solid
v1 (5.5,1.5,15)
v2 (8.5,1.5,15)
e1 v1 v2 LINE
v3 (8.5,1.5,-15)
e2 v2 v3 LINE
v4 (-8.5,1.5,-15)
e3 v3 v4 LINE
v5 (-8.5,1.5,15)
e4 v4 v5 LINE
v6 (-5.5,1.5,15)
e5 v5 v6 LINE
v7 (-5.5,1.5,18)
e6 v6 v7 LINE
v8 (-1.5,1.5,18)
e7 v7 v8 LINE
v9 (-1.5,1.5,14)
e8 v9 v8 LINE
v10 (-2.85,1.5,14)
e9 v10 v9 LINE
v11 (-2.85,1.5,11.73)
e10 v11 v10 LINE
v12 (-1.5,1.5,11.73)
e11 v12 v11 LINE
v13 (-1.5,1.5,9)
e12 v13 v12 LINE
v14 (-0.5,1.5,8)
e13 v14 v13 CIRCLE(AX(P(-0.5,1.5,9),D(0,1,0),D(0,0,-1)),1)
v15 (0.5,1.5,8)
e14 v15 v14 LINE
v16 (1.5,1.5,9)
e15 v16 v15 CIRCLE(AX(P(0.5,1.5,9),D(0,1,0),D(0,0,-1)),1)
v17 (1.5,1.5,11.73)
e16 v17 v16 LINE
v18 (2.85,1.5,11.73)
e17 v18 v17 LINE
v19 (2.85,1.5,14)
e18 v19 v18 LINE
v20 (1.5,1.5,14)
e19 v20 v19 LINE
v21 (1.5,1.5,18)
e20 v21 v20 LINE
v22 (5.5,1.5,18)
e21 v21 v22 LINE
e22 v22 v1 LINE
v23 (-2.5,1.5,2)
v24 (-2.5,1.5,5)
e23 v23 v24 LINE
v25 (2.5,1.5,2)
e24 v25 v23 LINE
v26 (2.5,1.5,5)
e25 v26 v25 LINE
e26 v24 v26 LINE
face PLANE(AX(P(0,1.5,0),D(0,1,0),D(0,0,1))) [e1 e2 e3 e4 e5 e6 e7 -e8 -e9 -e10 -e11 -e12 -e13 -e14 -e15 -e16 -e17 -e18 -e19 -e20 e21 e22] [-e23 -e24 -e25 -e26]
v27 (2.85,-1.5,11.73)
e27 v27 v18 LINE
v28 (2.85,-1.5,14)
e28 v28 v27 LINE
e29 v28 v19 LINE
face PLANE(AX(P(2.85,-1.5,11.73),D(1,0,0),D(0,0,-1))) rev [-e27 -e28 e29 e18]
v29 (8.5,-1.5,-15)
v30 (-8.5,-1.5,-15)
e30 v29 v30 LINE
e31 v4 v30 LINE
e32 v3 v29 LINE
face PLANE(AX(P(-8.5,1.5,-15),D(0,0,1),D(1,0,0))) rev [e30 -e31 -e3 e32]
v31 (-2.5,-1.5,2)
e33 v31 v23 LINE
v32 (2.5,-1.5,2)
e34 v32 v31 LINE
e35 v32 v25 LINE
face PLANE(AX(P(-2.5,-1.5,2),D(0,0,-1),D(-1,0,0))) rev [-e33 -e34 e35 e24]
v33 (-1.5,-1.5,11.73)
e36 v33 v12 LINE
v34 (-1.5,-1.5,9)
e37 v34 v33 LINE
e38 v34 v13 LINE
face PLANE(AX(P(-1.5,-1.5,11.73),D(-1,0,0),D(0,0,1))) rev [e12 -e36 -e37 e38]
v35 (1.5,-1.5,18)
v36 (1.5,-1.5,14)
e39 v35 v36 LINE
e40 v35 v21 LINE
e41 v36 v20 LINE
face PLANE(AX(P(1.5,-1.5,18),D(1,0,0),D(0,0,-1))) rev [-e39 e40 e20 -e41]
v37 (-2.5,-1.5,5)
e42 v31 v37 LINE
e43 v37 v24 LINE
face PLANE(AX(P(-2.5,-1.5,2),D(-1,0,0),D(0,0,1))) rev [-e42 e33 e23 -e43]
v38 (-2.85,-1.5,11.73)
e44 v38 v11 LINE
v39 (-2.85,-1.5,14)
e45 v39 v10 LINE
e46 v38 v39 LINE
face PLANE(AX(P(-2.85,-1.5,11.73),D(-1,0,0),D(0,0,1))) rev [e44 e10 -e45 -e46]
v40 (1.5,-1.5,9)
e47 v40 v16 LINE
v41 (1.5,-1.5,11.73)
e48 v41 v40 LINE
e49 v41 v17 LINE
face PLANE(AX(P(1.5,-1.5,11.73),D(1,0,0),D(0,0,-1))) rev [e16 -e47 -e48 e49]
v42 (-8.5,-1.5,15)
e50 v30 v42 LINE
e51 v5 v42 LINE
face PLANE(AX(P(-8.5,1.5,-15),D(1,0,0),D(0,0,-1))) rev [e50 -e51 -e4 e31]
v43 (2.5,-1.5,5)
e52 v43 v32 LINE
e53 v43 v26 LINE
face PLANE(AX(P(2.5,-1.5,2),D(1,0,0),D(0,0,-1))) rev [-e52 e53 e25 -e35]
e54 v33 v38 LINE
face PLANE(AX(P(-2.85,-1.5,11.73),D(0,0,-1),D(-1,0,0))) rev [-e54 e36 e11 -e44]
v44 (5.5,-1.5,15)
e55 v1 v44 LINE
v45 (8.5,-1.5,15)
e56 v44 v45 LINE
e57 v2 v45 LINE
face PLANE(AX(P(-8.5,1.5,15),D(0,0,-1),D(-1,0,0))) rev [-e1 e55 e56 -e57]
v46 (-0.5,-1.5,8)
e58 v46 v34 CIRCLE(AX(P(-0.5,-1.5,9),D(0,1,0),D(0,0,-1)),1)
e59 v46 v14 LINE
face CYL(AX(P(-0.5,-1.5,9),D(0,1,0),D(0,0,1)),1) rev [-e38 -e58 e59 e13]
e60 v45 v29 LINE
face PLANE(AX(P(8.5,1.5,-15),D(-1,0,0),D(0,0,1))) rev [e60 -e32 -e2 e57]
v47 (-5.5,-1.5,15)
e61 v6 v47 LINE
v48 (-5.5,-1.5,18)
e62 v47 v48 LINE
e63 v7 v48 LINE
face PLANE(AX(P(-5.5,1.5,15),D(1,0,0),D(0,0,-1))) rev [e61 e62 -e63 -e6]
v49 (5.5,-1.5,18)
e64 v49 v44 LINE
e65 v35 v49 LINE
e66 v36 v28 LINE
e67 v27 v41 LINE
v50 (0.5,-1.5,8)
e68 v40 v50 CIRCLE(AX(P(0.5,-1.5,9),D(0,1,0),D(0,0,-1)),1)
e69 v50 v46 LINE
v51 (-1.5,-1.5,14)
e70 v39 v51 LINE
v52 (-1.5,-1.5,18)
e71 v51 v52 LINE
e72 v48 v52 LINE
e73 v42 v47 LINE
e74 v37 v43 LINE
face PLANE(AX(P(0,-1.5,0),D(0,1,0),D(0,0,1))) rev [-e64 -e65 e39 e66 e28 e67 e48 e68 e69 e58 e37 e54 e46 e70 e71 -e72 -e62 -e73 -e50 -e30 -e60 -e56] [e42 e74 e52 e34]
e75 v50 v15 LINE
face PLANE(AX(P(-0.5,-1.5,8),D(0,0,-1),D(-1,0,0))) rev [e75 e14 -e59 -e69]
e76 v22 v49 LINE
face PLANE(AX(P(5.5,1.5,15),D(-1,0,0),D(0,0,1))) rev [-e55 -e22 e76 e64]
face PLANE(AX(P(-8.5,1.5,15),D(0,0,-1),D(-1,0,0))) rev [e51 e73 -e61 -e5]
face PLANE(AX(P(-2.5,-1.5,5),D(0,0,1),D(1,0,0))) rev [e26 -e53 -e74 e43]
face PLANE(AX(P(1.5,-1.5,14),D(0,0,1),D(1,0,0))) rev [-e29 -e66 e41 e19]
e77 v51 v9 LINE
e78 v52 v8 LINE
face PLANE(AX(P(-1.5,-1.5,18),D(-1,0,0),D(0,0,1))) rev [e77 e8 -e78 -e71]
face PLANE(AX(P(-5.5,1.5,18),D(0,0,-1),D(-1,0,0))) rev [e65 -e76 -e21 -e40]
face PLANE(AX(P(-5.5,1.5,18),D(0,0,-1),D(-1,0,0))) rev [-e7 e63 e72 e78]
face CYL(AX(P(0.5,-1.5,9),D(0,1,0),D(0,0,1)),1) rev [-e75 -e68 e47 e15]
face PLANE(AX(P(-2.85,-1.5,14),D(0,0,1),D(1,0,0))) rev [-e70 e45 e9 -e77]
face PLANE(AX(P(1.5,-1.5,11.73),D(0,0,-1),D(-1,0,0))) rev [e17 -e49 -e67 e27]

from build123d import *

# Parameters (mm, degrees)
SKETCH1_W               = 17
SKETCH1_H               = 30
BOSS_EXTRUDE1_DEPTH     = 1.5
SKETCH2_W               = 11
SKETCH2_H               = 3
BOSS_EXTRUDE2_DEPTH     = 1.5
CUT_EXTRUDE1_DEPTH      = 20.962464778
CUT_EXTRUDE1_DEPTH_BACK = 20.962464778
SKETCH3_W               = 5
SKETCH3_H               = 3
CUT_EXTRUDE2_DEPTH      = 20.962464778
CUT_EXTRUDE2_DEPTH_BACK = 20.962464778


with BuildPart() as part:
    # Sketch1 → Boss-Extrude1 (new, symmetric)
    with BuildSketch(Plane(origin=(0, 0, 0), x_dir=(1, 0, 0), z_dir=(0, 1, 0))):
        Rectangle(SKETCH1_W, SKETCH1_H)
    extrude(amount=BOSS_EXTRUDE1_DEPTH, both=True)

    # Sketch2 → Boss-Extrude2 (add, symmetric)
    with BuildSketch(Plane(origin=(0, 0, 0), x_dir=(1, 0, 0), z_dir=(0, 1, 0))):
        with Locations((0, -16.5)):
            Rectangle(SKETCH2_W, SKETCH2_H)
    extrude(amount=BOSS_EXTRUDE2_DEPTH, both=True)

    # Sketch3 → Cut-Extrude1 (cut, two sides: drawn at the far end of the back side and taken through both)
    with BuildSketch(Plane(origin=(0, 0, 0), x_dir=(1, 0, 0), z_dir=(0, 1, 0)).offset(-CUT_EXTRUDE1_DEPTH_BACK)):
        with Locations((0, -3.5)):
            Rectangle(SKETCH3_W, SKETCH3_H)
    extrude(amount=CUT_EXTRUDE1_DEPTH + CUT_EXTRUDE1_DEPTH_BACK, mode=Mode.SUBTRACT)

    # Sketch4 → Cut-Extrude2 (cut, two sides: drawn at the far end of the back side and taken through both)
    with BuildSketch(Plane(origin=(0, 0, 0), x_dir=(1, 0, 0), z_dir=(0, 1, 0)).offset(-CUT_EXTRUDE2_DEPTH_BACK)):
        with BuildLine():
            Line((-1.5, -18), (1.5, -18))
            Line((1.5, -18), (1.5, -14))
            Line((1.5, -14), (2.85, -14))
            Line((2.85, -14), (2.85, -11.73))
            Line((2.85, -11.73), (1.5, -11.73))
            Line((1.5, -11.73), (1.5, -9))
            ThreePointArc((1.5, -9), (1.207106781, -8.292893219), (0.5, -8))
            Line((0.5, -8), (-0.5, -8))
            ThreePointArc((-0.5, -8), (-1.207106781, -8.292893219), (-1.5, -9))
            Line((-1.5, -9), (-1.5, -11.73))
            Line((-1.5, -11.73), (-2.85, -11.73))
            Line((-2.85, -11.73), (-2.85, -14))
            Line((-2.85, -14), (-1.5, -14))
            Line((-1.5, -14), (-1.5, -18))
        make_face()
    extrude(amount=CUT_EXTRUDE2_DEPTH + CUT_EXTRUDE2_DEPTH_BACK, mode=Mode.SUBTRACT)


solid = part.part
